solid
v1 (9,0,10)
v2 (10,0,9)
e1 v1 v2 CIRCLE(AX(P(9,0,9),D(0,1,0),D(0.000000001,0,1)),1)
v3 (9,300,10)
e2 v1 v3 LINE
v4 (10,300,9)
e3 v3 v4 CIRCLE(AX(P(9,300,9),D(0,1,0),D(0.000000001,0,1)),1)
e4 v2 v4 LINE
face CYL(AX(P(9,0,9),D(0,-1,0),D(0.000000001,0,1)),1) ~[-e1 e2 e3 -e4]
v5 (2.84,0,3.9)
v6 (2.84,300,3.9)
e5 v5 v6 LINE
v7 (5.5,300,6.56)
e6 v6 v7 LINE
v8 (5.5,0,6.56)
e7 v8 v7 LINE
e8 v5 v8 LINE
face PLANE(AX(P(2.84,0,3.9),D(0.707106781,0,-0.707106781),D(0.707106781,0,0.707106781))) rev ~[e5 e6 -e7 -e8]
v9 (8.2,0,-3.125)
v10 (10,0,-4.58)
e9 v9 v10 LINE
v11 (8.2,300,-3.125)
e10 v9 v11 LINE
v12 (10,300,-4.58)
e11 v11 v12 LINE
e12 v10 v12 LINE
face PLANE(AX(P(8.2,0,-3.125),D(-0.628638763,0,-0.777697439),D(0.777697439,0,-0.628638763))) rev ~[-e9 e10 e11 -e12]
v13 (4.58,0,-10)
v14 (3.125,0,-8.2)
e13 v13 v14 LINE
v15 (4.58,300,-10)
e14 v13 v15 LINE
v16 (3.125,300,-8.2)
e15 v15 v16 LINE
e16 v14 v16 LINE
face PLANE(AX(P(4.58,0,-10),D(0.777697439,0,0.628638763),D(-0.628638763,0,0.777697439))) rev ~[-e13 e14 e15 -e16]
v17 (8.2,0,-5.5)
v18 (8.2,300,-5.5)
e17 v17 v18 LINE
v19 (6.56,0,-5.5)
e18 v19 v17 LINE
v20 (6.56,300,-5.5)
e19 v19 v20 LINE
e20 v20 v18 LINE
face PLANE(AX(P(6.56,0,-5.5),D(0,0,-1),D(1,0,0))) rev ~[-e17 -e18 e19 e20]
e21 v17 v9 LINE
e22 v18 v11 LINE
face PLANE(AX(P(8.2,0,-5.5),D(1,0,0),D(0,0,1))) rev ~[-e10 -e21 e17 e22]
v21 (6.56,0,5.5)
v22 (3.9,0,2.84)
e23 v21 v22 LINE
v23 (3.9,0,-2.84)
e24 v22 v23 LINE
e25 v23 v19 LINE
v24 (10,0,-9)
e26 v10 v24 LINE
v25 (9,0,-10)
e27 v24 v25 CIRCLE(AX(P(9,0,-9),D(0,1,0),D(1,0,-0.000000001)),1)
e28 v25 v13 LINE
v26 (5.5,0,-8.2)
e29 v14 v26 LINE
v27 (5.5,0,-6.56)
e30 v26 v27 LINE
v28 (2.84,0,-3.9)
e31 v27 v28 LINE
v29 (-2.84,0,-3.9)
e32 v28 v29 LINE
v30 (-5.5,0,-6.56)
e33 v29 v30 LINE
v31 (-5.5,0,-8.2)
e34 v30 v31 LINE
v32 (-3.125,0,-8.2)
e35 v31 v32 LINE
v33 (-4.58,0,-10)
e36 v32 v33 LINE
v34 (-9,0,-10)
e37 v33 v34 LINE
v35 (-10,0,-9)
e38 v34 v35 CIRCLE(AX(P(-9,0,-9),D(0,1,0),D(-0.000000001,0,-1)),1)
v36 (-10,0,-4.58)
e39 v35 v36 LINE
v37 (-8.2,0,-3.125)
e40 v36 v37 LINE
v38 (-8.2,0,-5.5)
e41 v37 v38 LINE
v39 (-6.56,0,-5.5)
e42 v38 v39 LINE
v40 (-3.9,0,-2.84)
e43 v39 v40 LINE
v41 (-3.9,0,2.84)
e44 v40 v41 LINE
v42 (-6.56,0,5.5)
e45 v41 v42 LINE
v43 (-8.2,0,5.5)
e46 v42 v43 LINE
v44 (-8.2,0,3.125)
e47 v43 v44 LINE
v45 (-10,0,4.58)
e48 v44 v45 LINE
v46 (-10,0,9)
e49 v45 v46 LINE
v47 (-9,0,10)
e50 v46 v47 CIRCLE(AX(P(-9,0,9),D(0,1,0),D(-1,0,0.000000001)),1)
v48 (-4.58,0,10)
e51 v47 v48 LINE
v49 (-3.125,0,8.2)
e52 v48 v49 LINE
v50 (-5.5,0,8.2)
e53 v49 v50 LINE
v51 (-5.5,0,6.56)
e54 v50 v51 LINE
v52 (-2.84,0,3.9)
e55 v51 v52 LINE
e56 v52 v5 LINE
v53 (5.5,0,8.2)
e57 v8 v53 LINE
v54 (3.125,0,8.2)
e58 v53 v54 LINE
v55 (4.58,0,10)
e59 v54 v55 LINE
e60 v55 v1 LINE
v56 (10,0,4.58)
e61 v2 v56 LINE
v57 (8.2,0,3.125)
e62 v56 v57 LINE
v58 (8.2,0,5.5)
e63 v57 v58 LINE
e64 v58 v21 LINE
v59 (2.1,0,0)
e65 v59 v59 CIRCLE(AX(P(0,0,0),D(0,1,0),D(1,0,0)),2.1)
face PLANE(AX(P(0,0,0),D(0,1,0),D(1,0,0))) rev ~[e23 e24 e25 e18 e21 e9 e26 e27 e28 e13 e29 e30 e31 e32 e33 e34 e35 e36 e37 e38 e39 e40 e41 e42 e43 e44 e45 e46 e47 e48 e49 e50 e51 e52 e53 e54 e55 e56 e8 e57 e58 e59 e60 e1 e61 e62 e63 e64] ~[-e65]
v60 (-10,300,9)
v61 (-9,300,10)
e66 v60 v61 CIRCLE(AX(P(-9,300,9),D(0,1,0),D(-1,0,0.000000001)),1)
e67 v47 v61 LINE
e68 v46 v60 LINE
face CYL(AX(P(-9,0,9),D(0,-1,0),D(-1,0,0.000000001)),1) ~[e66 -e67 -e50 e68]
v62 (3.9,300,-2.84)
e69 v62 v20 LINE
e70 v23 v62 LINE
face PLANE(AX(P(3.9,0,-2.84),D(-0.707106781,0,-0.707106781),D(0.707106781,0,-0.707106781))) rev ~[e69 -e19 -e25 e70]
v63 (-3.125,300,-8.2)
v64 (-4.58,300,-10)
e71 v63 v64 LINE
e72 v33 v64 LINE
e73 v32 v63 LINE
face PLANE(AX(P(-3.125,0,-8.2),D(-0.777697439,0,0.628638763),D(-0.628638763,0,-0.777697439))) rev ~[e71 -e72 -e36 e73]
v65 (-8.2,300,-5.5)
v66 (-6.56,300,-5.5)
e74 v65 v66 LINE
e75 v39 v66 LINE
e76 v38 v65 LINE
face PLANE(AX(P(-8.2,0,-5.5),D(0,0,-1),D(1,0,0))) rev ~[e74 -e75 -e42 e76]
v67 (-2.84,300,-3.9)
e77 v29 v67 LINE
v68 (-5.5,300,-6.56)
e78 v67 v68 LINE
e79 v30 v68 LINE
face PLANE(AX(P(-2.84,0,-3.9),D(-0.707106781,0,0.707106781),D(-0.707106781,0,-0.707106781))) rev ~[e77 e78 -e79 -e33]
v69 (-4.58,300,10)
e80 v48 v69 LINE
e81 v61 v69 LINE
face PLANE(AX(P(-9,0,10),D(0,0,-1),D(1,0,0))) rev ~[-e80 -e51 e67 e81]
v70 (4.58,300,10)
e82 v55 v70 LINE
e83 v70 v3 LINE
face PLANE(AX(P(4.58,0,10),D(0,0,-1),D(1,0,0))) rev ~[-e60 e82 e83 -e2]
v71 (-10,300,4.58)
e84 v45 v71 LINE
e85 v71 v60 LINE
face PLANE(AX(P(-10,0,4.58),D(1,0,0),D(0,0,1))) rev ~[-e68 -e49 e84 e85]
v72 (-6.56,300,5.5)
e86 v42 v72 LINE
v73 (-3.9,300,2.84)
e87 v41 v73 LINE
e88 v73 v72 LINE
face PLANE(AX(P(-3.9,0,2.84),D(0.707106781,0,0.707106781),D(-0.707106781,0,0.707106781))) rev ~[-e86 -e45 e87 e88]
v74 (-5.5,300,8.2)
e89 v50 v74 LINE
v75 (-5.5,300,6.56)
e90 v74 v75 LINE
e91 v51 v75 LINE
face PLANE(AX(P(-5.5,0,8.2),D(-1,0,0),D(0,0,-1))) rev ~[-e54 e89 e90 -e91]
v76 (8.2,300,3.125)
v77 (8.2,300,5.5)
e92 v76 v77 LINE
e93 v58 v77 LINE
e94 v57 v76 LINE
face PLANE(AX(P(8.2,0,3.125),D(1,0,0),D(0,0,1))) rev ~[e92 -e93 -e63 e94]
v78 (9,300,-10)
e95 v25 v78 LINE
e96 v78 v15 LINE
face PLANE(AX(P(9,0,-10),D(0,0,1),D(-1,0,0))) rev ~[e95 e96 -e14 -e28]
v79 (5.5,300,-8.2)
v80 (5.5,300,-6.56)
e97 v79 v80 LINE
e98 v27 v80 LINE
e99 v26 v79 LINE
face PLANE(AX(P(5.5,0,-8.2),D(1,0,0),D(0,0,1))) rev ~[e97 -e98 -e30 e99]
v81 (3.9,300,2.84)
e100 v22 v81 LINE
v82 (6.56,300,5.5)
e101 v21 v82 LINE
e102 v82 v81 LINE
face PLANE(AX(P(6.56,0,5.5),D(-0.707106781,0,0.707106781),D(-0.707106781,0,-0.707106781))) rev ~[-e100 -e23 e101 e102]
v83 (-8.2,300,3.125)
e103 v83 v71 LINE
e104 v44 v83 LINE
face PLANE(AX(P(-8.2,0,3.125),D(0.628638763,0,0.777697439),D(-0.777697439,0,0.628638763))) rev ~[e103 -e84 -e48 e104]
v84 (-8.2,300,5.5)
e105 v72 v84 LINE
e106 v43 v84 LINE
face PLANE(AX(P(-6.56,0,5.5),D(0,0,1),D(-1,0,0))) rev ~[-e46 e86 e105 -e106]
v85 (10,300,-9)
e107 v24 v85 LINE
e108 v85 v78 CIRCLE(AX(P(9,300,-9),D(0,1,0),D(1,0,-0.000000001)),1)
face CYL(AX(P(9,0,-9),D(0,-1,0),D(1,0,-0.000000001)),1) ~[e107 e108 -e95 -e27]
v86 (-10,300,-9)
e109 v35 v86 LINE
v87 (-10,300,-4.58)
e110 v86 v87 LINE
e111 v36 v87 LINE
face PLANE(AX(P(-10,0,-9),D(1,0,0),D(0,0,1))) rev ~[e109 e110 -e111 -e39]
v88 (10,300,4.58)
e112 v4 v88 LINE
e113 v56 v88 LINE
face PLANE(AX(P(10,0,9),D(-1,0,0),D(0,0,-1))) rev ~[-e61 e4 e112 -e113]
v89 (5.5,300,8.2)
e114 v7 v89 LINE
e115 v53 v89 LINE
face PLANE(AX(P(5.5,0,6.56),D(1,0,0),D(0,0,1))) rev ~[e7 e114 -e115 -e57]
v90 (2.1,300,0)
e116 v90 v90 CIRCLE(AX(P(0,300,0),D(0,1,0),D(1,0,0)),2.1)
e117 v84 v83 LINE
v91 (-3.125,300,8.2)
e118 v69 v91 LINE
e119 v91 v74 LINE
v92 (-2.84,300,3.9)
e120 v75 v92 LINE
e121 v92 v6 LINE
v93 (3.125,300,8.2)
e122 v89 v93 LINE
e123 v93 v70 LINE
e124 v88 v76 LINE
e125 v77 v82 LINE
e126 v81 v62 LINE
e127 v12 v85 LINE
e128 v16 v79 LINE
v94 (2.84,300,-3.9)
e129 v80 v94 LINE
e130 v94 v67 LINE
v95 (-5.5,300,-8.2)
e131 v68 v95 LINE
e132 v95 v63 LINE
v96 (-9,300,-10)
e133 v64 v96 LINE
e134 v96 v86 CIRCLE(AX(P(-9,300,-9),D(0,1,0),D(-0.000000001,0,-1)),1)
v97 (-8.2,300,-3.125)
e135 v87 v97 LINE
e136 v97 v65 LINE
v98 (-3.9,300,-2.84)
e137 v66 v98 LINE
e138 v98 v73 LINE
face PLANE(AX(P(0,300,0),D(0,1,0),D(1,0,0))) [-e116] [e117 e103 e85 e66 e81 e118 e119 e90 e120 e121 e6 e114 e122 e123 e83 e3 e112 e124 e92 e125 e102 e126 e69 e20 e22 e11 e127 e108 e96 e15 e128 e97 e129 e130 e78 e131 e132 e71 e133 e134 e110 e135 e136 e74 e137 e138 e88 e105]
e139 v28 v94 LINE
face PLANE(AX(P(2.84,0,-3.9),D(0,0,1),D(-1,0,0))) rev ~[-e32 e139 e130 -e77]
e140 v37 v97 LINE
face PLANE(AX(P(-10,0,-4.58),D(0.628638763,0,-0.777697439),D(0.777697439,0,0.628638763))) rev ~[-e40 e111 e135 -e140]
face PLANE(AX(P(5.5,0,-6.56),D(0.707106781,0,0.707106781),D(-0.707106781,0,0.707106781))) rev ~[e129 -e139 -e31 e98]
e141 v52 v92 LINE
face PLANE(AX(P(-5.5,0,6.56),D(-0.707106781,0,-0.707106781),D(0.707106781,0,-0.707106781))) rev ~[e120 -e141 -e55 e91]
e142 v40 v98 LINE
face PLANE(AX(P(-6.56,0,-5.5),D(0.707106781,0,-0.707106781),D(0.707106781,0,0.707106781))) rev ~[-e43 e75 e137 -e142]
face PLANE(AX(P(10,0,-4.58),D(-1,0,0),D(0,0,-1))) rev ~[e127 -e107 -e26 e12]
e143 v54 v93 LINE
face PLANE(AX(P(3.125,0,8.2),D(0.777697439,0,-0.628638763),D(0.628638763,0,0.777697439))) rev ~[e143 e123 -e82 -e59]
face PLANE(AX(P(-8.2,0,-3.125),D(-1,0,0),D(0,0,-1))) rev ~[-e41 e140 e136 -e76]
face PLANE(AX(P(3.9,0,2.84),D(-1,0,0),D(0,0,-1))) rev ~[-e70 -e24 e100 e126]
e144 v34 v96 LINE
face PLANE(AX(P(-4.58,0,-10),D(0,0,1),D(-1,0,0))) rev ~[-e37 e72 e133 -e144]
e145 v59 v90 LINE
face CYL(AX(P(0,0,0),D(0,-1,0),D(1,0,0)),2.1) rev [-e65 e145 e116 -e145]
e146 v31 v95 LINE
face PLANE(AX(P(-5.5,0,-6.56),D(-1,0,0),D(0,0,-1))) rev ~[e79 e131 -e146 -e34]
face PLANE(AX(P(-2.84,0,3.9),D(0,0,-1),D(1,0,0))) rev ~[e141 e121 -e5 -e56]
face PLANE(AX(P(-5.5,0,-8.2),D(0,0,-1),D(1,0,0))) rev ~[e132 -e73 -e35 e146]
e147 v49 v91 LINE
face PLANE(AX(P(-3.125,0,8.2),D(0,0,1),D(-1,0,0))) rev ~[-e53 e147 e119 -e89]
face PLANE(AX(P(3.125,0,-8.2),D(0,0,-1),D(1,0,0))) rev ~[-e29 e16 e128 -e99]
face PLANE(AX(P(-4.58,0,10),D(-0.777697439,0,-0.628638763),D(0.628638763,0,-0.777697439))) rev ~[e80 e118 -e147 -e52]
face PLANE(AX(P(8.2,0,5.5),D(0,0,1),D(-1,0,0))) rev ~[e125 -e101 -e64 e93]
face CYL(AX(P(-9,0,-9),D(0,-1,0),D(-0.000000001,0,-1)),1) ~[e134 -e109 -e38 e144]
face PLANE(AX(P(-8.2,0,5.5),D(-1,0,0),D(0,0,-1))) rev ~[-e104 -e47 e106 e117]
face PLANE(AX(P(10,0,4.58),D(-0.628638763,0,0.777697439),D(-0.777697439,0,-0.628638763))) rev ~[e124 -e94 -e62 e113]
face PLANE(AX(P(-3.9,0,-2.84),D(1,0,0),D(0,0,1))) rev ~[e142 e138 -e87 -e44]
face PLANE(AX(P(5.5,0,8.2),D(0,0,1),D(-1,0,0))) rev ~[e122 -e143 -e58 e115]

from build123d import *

# Parameters (mm, degrees)
SKETCH1_R           = 2.1
BOSS_EXTRUDE1_DEPTH = 300


with BuildPart() as part:
    # Sketch1 → Boss-Extrude1 (new body)
    with BuildSketch(Plane(origin=(0, 0, 0), x_dir=(1, 0, 0), z_dir=(0, 1, 0))):
        with BuildLine():
            Line((-5.5, 8.2), (-3.125, 8.2))
            Line((-3.125, 8.2), (-4.58, 10))
            Line((-4.58, 10), (-9, 10))
            ThreePointArc((-9, 10), (-9.707106781, 9.707106781), (-10, 9))
            Line((-10, 9), (-10, 4.58))
            Line((-10, 4.58), (-8.2, 3.125))
            Line((-8.2, 3.125), (-8.2, 5.5))
            Line((-8.2, 5.5), (-6.56, 5.5))
            Line((-6.56, 5.5), (-3.9, 2.84))
            Line((-3.9, 2.84), (-3.9, -2.84))
            Line((-3.9, -2.84), (-6.56, -5.5))
            Line((-6.56, -5.5), (-8.2, -5.5))
            Line((-8.2, -5.5), (-8.2, -3.125))
            Line((-8.2, -3.125), (-10, -4.58))
            Line((-10, -4.58), (-10, -9))
            ThreePointArc((-10, -9), (-9.707106781, -9.707106781), (-9, -10))
            Line((-9, -10), (-4.58, -10))
            Line((-4.58, -10), (-3.125, -8.2))
            Line((-3.125, -8.2), (-5.5, -8.2))
            Line((-5.5, -8.2), (-5.5, -6.56))
            Line((-5.5, -6.56), (-2.84, -3.9))
            Line((-2.84, -3.9), (2.84, -3.9))
            Line((2.84, -3.9), (5.5, -6.56))
            Line((5.5, -6.56), (5.5, -8.2))
            Line((5.5, -8.2), (3.125, -8.2))
            Line((3.125, -8.2), (4.58, -10))
            Line((4.58, -10), (9, -10))
            ThreePointArc((9, -10), (9.707106781, -9.707106781), (10, -9))
            Line((10, -9), (10, -4.58))
            Line((10, -4.58), (8.2, -3.125))
            Line((8.2, -3.125), (8.2, -5.5))
            Line((8.2, -5.5), (6.56, -5.5))
            Line((6.56, -5.5), (3.9, -2.84))
            Line((3.9, -2.84), (3.9, 2.84))
            Line((3.9, 2.84), (6.56, 5.5))
            Line((6.56, 5.5), (8.2, 5.5))
            Line((8.2, 5.5), (8.2, 3.125))
            Line((8.2, 3.125), (10, 4.58))
            Line((10, 4.58), (10, 9))
            ThreePointArc((10, 9), (9.707106781, 9.707106781), (9, 10))
            Line((9, 10), (4.58, 10))
            Line((4.58, 10), (3.125, 8.2))
            Line((3.125, 8.2), (5.5, 8.2))
            Line((5.5, 8.2), (5.5, 6.56))
            Line((5.5, 6.56), (2.84, 3.9))
            Line((2.84, 3.9), (-2.84, 3.9))
            Line((-2.84, 3.9), (-5.5, 6.56))
            Line((-5.5, 6.56), (-5.5, 8.2))
        make_face()
        Circle(SKETCH1_R, mode=Mode.SUBTRACT)
    extrude(amount=BOSS_EXTRUDE1_DEPTH)


solid = part.part
